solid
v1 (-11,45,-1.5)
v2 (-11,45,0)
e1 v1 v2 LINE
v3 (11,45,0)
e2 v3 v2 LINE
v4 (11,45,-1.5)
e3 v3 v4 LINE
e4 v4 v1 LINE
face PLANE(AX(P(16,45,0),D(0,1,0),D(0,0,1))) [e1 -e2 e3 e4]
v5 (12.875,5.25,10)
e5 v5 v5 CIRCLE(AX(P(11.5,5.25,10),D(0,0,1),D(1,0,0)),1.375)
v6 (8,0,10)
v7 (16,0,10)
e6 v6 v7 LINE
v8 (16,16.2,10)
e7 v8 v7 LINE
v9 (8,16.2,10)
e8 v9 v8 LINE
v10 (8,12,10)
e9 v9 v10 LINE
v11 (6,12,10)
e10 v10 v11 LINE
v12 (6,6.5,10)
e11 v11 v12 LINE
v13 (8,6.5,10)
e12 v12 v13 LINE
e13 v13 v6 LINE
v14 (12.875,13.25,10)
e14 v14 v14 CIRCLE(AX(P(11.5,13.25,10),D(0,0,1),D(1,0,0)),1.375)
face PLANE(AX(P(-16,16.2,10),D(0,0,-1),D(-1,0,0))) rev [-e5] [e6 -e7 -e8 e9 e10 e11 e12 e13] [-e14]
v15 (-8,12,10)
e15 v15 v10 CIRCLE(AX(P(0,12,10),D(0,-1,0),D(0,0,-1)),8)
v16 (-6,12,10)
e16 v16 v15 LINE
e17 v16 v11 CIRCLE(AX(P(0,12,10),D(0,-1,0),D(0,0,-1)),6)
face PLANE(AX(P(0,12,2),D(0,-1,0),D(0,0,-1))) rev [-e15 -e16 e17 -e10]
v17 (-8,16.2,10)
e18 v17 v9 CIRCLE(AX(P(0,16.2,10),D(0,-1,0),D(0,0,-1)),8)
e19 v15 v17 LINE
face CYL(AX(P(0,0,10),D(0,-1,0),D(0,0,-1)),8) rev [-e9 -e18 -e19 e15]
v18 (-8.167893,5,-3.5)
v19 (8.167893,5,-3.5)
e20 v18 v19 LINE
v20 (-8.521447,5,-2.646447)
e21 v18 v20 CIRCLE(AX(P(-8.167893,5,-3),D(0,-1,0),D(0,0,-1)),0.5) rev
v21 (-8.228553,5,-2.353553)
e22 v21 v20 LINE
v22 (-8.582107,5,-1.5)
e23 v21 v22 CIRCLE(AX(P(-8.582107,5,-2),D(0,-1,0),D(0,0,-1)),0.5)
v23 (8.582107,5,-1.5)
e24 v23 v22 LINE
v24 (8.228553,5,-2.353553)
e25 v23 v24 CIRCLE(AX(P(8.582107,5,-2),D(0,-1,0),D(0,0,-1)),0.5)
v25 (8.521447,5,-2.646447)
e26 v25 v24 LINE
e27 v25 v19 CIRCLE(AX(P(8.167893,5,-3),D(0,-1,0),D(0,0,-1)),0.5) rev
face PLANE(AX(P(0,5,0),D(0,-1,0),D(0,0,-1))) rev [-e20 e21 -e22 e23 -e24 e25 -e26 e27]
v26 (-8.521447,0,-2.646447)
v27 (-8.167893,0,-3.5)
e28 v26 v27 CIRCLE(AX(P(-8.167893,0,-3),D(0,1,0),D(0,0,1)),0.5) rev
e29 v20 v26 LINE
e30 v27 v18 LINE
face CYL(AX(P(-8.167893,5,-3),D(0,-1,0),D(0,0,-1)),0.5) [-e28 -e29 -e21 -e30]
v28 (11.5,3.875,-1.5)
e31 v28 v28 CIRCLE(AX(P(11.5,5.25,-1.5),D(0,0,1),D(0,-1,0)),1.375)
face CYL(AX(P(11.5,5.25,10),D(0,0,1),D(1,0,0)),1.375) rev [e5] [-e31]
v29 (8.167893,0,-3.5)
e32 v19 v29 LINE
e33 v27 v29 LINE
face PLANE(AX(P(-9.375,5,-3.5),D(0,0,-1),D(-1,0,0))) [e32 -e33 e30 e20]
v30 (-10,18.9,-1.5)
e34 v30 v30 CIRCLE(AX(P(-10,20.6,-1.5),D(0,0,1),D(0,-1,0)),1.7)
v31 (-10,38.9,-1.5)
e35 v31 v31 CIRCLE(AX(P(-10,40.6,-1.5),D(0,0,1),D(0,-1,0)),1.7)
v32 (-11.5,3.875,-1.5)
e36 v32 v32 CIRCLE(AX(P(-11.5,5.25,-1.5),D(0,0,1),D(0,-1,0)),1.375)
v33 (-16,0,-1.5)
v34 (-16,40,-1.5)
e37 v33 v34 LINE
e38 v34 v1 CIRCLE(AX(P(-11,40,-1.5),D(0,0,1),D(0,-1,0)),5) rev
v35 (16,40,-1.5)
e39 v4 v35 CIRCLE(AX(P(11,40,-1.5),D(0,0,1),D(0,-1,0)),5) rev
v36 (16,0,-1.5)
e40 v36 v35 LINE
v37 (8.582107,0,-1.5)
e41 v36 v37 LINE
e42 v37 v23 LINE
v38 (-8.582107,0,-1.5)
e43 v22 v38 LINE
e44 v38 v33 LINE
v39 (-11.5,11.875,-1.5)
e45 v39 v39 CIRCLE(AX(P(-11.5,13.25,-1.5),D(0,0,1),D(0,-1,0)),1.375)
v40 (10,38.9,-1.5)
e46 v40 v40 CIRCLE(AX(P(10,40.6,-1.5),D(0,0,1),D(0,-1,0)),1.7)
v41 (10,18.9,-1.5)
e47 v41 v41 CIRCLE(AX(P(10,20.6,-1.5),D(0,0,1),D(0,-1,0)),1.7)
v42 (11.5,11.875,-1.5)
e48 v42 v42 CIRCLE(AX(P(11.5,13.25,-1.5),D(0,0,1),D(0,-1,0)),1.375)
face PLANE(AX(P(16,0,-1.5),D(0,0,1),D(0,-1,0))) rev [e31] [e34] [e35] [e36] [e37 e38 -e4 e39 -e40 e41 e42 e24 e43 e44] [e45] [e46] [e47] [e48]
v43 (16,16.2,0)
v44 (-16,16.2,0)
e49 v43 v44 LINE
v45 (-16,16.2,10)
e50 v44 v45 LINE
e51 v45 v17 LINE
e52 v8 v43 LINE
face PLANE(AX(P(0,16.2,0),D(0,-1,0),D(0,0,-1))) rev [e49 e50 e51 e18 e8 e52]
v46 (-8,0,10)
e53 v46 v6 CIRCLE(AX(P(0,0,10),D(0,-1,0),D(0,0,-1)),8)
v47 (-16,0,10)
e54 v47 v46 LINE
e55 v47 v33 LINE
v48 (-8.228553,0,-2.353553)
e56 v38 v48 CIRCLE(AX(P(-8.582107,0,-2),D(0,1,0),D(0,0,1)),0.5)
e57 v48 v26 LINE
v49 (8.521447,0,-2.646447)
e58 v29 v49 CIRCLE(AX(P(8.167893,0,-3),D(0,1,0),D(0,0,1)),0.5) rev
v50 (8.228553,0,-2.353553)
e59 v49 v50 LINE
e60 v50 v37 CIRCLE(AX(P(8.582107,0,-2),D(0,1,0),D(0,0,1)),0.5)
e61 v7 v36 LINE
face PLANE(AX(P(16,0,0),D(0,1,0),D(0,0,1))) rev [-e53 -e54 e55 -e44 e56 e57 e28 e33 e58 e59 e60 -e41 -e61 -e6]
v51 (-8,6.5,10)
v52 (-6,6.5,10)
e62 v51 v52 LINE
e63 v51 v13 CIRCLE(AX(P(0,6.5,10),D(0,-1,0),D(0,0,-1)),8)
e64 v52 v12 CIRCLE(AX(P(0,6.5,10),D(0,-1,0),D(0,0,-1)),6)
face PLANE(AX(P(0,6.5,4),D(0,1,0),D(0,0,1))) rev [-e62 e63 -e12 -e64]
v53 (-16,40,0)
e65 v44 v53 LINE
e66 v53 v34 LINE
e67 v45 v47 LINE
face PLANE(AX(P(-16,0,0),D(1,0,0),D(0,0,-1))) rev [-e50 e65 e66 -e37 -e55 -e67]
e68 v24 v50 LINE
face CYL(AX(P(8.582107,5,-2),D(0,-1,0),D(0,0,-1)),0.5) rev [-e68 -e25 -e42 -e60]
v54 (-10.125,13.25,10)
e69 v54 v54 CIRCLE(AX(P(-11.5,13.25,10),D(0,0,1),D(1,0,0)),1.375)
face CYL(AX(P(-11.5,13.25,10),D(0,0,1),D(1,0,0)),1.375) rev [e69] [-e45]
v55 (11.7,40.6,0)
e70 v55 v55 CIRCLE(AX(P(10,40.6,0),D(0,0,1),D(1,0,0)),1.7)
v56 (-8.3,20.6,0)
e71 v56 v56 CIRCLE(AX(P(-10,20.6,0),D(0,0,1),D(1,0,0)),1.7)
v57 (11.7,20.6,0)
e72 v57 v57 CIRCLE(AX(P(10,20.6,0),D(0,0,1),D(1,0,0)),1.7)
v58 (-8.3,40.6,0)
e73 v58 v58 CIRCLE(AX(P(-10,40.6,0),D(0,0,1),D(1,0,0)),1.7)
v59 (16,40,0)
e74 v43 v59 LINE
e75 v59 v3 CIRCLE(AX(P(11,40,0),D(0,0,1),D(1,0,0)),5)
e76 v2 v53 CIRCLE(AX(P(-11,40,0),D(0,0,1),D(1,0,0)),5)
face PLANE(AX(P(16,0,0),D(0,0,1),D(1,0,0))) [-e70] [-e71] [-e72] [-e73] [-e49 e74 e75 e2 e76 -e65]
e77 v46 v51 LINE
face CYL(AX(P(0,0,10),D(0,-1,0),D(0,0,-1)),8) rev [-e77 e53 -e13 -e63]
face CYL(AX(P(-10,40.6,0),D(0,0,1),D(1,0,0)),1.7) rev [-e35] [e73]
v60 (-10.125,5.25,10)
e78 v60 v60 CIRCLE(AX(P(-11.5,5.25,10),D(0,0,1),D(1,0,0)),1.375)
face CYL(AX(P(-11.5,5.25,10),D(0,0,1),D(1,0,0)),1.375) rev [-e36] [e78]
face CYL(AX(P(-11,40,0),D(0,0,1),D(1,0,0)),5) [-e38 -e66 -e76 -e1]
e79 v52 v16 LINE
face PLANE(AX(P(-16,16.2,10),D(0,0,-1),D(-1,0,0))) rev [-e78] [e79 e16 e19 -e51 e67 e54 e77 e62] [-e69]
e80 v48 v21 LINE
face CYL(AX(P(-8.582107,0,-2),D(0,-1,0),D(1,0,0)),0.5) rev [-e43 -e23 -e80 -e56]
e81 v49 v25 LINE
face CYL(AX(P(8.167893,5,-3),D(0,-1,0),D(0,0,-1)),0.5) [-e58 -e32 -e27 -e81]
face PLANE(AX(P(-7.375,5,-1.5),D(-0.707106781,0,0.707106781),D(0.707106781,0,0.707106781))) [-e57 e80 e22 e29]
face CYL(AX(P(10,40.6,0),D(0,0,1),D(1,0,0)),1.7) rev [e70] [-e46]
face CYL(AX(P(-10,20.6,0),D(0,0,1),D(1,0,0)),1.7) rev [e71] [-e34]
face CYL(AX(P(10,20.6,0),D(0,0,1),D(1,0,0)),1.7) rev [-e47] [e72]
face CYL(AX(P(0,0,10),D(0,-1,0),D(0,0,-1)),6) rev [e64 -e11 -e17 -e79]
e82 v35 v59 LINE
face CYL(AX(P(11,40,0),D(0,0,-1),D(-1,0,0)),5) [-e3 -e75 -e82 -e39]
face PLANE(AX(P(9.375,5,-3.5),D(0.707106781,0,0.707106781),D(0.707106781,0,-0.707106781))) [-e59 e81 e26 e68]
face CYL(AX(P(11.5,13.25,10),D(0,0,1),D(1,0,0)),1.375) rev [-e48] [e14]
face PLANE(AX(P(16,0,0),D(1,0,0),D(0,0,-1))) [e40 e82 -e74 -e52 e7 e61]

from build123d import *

# Parameters (mm, degrees)
SKETCH1_W                 = 1.5
SKETCH1_H                 = 45
BOSS_EXTRUDE1_DEPTH       = 16
SKETCH2_W                 = 32
SKETCH2_H                 = 10
BOSS_EXTRUDE2_DEPTH       = 16.2
M3X0_5_TAPPED_HOLE1_D     = 2.75
M3X0_5_TAPPED_HOLE1_DEPTH = 12
M3X0_5_TAPPED_HOLE1_TIP   = 0.826183351
BOSS_EXTRUDE3_DEPTH       = 5
FILLET1_R                 = 0.5
M3_CLEARANCE_HOLE1_D      = 3.4
FILLET2_R                 = 5


with BuildPart() as part:
    # Sketch1 → Boss-Extrude1 (new body, symmetric)
    with BuildSketch(Plane(origin=(0, 0, 0), x_dir=(0, 0, -1), z_dir=(1, 0, 0))):
        with Locations((0.75, 22.5)):
            Rectangle(SKETCH1_W, SKETCH1_H)
    extrude(amount=BOSS_EXTRUDE1_DEPTH, both=True)

    # Sketch2 → Boss-Extrude2 (add)
    with BuildSketch(Plane(origin=(0, 0, 0), x_dir=(1, 0, 0), z_dir=(0, 1, 0))):
        with Locations((0, -5)):
            Rectangle(SKETCH2_W, SKETCH2_H)
    extrude(amount=BOSS_EXTRUDE2_DEPTH)

    # Sketch9 → Cut-Revolve1 (revolve, cut)
    with BuildSketch(Plane(origin=(0, 0, 0), x_dir=(0, 0, -1), z_dir=(1, 0, 0))):
        Polygon((-10, 16.2), (-2, 16.2), (-2, 12), (-4, 12), (-4, 6.5), (-2, 6.5), (-2, 0), (-10, 0), align=None)
    revolve(axis=Axis((0, 0, 10), (0, 1, 0)), mode=Mode.SUBTRACT)

    # M3x0.5 Tapped Hole1
    with Locations(Plane.XY.offset(10)):
        with Locations((-11.5, 13.25), (11.5, 13.25), (-11.5, 5.25), (11.5, 5.25)):
            Hole(M3X0_5_TAPPED_HOLE1_D / 2, depth=M3X0_5_TAPPED_HOLE1_DEPTH)
            with Locations((0, 0, -(M3X0_5_TAPPED_HOLE1_DEPTH + M3X0_5_TAPPED_HOLE1_TIP / 2))):  # 118° drill point
                Cone(0, M3X0_5_TAPPED_HOLE1_D / 2, M3X0_5_TAPPED_HOLE1_TIP, mode=Mode.SUBTRACT)

    # Sketch13 → Boss-Extrude3 (add)
    with BuildSketch(Plane.XZ):
        Polygon((-7.375, -1.5), (-9.375, -3.5), (9.375, -3.5), (7.375, -1.5), align=None)
    extrude(amount=-BOSS_EXTRUDE3_DEPTH)

    # Fillet1
    fillet1_edges = [part.edges().sort_by_distance(p)[0] for p in [
        (-7.375, 2.5, -1.5),
        (7.375, 2.5, -1.5),
        (9.375, 2.5, -3.5),
        (-9.375, 2.5, -3.5),
    ]]
    fillet(fillet1_edges, radius=FILLET1_R)

    # M3 Clearance Hole1 (through all)
    with Locations(Plane.XY):
        with Locations((-10, 20.6), (-10, 40.6), (10, 40.6), (10, 20.6)):
            Hole(M3_CLEARANCE_HOLE1_D / 2)

    # Fillet2
    fillet2_edges = [part.edges().sort_by_distance(p)[0] for p in [
        (16, 45, -0.75),
        (-16, 45, -0.75),
    ]]
    fillet(fillet2_edges, radius=FILLET2_R)


solid = part.part
